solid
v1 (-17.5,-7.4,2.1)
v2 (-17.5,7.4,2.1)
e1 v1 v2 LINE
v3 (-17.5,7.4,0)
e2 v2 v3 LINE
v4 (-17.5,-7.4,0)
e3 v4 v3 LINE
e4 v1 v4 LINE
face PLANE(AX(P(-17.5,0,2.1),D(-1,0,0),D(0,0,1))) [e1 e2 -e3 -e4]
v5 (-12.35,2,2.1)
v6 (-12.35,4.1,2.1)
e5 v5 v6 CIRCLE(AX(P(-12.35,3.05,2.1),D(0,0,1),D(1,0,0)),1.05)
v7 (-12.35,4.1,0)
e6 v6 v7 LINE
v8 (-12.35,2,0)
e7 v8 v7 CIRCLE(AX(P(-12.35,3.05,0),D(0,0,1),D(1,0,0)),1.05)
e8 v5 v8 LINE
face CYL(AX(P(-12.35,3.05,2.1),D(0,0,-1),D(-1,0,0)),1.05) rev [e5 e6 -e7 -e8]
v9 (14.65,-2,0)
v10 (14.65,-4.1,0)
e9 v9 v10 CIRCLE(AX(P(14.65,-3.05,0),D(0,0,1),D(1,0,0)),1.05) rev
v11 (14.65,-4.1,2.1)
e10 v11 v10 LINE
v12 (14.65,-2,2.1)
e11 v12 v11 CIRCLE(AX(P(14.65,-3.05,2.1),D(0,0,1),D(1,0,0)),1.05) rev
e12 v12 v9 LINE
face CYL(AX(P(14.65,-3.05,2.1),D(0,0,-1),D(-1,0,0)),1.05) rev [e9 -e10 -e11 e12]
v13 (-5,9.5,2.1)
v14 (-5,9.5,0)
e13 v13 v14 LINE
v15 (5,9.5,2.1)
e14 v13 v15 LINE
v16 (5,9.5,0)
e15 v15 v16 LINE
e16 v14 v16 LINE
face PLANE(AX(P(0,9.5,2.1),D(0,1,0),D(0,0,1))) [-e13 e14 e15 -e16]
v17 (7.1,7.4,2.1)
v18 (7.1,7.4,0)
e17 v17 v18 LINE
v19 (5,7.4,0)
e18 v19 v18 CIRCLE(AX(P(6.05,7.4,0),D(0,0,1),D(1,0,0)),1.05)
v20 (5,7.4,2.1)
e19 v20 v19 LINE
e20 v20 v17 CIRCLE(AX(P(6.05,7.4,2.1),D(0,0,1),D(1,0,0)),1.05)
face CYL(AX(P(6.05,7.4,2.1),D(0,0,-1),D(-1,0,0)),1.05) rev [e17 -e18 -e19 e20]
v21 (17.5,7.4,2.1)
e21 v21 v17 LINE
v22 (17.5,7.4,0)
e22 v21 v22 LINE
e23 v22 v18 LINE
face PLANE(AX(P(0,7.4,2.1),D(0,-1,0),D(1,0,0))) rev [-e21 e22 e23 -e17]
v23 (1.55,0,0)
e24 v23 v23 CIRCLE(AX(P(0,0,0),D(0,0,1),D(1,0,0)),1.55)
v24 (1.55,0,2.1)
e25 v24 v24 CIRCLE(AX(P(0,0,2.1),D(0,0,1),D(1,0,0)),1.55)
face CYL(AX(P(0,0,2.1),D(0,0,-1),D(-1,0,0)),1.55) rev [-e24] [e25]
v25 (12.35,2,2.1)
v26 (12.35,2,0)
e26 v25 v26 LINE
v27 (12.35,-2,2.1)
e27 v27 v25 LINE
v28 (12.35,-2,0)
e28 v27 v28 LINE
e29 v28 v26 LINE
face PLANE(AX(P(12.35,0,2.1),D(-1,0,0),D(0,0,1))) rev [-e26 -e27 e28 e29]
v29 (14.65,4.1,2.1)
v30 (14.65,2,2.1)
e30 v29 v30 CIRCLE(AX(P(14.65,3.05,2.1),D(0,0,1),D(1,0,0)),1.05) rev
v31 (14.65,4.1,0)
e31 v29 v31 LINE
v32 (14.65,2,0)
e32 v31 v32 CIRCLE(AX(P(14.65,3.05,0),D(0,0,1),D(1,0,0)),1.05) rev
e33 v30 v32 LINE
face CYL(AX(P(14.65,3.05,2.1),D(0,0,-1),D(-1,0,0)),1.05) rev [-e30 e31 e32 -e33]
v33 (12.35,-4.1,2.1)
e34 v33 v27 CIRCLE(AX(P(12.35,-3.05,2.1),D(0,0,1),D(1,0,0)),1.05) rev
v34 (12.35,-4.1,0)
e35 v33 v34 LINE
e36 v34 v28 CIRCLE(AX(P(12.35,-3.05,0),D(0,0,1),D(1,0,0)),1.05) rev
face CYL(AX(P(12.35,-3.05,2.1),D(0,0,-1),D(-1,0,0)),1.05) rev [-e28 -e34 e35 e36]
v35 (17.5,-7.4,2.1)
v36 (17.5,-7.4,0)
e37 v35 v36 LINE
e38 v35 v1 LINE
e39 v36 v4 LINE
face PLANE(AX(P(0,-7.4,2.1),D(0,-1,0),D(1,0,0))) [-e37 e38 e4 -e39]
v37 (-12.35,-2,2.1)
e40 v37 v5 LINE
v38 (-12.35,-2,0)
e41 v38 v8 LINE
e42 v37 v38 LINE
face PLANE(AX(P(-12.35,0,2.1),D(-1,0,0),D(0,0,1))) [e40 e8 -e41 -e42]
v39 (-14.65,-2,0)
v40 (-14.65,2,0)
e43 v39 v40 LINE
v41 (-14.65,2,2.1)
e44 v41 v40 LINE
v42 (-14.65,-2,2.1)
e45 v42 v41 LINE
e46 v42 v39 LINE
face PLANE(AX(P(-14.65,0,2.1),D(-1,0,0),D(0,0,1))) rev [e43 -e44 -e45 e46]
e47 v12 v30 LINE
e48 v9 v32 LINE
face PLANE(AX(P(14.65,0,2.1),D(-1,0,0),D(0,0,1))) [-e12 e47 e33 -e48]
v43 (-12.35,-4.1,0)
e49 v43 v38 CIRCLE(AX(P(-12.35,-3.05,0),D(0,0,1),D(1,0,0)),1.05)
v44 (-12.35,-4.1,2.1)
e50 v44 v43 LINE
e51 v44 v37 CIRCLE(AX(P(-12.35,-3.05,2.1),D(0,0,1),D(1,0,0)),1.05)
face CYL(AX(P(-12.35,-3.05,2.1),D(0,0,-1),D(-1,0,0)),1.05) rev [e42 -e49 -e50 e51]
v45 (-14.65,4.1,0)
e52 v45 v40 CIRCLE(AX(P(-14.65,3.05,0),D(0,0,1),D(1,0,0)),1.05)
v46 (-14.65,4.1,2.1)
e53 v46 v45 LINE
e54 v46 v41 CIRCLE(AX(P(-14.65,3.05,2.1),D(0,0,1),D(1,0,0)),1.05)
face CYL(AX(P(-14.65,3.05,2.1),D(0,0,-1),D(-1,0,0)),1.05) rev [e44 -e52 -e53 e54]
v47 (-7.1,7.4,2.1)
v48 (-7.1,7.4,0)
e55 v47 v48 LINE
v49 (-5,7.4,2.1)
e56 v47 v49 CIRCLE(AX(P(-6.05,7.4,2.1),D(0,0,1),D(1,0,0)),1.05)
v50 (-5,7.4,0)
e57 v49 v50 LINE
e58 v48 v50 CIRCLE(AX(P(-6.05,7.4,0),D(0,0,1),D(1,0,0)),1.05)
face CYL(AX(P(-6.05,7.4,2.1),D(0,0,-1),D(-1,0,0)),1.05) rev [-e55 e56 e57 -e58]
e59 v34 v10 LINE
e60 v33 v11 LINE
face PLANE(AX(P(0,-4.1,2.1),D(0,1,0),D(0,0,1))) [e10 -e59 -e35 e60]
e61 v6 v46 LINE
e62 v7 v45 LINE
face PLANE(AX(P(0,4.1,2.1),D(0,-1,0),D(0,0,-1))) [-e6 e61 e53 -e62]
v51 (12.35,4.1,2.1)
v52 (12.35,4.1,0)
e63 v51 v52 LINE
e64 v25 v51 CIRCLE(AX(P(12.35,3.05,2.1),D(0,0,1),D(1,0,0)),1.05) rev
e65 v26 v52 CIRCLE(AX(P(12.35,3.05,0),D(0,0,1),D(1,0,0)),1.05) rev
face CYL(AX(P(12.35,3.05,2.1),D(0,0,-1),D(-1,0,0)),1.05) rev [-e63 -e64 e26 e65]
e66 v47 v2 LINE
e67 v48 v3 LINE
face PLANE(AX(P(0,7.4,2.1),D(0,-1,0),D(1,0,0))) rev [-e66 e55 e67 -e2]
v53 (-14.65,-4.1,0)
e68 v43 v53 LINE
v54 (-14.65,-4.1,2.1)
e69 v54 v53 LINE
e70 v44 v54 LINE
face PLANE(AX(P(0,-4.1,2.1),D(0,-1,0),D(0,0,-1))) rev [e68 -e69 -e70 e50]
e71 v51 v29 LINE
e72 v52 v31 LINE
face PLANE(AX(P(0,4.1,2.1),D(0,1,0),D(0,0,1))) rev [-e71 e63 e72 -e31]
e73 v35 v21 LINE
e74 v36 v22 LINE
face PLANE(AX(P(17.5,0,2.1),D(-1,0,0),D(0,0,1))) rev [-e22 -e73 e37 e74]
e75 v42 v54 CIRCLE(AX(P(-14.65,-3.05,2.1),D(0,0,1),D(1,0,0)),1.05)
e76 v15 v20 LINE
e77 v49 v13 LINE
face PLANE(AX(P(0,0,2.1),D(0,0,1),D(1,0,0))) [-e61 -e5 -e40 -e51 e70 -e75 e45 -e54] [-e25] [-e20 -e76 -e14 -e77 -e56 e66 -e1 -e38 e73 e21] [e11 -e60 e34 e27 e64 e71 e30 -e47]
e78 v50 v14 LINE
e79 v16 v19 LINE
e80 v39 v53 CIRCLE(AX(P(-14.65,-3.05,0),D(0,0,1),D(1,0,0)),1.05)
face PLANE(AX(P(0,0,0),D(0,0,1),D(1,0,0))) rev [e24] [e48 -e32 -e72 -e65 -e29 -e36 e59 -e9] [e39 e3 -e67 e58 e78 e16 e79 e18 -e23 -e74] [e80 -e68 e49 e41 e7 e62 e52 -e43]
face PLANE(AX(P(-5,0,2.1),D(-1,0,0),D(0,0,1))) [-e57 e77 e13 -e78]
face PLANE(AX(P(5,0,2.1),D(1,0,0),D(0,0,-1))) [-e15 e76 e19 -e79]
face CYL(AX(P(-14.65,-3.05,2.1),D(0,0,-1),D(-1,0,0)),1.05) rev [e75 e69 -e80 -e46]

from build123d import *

# Parameters (mm, degrees)
SKETCH_1_R      = 1.55
EXTRUDE_1_DEPTH = 2.1


with BuildPart() as part:
    # 草图1 → 凸台-拉伸1 (new body)
    with BuildSketch(Plane.XY):
        with BuildLine():
            Line((-17.5, -7.4), (17.5, -7.4))
            Line((17.5, -7.4), (17.5, 7.4))
            Line((17.5, 7.4), (7.1, 7.4))
            ThreePointArc((7.1, 7.4), (6.05, 6.35), (5, 7.4))
            Line((5, 7.4), (5, 9.5))
            Line((5, 9.5), (-5, 9.5))
            Line((-5, 9.5), (-5, 7.4))
            ThreePointArc((-5, 7.4), (-6.05, 6.35), (-7.1, 7.4))
            Line((-7.1, 7.4), (-17.5, 7.4))
            Line((-17.5, 7.4), (-17.5, -7.4))
        make_face()
        with BuildLine():
            Line((-12.35, -4.1), (-14.65, -4.1))
            ThreePointArc((-14.65, -4.1), (-15.7, -3.05), (-14.65, -2))
            Line((-14.65, -2), (-14.65, 2))
            ThreePointArc((-14.65, 2), (-15.7, 3.05), (-14.65, 4.1))
            Line((-14.65, 4.1), (-12.35, 4.1))
            ThreePointArc((-12.35, 4.1), (-11.3, 3.05), (-12.35, 2))
            Line((-12.35, 2), (-12.35, -2))
            ThreePointArc((-12.35, -2), (-11.3, -3.05), (-12.35, -4.1))
        make_face(mode=Mode.SUBTRACT)
        Circle(SKETCH_1_R, mode=Mode.SUBTRACT)
        with BuildLine():
            ThreePointArc((12.35, 2), (11.3, 3.05), (12.35, 4.1))
            Line((12.35, 4.1), (14.65, 4.1))
            ThreePointArc((14.65, 4.1), (15.7, 3.05), (14.65, 2))
            Line((14.65, 2), (14.65, -2))
            ThreePointArc((14.65, -2), (15.7, -3.05), (14.65, -4.1))
            Line((14.65, -4.1), (12.35, -4.1))
            ThreePointArc((12.35, -4.1), (11.3, -3.05), (12.35, -2))
            Line((12.35, -2), (12.35, 2))
        make_face(mode=Mode.SUBTRACT)
    extrude(amount=EXTRUDE_1_DEPTH)


solid = part.part
